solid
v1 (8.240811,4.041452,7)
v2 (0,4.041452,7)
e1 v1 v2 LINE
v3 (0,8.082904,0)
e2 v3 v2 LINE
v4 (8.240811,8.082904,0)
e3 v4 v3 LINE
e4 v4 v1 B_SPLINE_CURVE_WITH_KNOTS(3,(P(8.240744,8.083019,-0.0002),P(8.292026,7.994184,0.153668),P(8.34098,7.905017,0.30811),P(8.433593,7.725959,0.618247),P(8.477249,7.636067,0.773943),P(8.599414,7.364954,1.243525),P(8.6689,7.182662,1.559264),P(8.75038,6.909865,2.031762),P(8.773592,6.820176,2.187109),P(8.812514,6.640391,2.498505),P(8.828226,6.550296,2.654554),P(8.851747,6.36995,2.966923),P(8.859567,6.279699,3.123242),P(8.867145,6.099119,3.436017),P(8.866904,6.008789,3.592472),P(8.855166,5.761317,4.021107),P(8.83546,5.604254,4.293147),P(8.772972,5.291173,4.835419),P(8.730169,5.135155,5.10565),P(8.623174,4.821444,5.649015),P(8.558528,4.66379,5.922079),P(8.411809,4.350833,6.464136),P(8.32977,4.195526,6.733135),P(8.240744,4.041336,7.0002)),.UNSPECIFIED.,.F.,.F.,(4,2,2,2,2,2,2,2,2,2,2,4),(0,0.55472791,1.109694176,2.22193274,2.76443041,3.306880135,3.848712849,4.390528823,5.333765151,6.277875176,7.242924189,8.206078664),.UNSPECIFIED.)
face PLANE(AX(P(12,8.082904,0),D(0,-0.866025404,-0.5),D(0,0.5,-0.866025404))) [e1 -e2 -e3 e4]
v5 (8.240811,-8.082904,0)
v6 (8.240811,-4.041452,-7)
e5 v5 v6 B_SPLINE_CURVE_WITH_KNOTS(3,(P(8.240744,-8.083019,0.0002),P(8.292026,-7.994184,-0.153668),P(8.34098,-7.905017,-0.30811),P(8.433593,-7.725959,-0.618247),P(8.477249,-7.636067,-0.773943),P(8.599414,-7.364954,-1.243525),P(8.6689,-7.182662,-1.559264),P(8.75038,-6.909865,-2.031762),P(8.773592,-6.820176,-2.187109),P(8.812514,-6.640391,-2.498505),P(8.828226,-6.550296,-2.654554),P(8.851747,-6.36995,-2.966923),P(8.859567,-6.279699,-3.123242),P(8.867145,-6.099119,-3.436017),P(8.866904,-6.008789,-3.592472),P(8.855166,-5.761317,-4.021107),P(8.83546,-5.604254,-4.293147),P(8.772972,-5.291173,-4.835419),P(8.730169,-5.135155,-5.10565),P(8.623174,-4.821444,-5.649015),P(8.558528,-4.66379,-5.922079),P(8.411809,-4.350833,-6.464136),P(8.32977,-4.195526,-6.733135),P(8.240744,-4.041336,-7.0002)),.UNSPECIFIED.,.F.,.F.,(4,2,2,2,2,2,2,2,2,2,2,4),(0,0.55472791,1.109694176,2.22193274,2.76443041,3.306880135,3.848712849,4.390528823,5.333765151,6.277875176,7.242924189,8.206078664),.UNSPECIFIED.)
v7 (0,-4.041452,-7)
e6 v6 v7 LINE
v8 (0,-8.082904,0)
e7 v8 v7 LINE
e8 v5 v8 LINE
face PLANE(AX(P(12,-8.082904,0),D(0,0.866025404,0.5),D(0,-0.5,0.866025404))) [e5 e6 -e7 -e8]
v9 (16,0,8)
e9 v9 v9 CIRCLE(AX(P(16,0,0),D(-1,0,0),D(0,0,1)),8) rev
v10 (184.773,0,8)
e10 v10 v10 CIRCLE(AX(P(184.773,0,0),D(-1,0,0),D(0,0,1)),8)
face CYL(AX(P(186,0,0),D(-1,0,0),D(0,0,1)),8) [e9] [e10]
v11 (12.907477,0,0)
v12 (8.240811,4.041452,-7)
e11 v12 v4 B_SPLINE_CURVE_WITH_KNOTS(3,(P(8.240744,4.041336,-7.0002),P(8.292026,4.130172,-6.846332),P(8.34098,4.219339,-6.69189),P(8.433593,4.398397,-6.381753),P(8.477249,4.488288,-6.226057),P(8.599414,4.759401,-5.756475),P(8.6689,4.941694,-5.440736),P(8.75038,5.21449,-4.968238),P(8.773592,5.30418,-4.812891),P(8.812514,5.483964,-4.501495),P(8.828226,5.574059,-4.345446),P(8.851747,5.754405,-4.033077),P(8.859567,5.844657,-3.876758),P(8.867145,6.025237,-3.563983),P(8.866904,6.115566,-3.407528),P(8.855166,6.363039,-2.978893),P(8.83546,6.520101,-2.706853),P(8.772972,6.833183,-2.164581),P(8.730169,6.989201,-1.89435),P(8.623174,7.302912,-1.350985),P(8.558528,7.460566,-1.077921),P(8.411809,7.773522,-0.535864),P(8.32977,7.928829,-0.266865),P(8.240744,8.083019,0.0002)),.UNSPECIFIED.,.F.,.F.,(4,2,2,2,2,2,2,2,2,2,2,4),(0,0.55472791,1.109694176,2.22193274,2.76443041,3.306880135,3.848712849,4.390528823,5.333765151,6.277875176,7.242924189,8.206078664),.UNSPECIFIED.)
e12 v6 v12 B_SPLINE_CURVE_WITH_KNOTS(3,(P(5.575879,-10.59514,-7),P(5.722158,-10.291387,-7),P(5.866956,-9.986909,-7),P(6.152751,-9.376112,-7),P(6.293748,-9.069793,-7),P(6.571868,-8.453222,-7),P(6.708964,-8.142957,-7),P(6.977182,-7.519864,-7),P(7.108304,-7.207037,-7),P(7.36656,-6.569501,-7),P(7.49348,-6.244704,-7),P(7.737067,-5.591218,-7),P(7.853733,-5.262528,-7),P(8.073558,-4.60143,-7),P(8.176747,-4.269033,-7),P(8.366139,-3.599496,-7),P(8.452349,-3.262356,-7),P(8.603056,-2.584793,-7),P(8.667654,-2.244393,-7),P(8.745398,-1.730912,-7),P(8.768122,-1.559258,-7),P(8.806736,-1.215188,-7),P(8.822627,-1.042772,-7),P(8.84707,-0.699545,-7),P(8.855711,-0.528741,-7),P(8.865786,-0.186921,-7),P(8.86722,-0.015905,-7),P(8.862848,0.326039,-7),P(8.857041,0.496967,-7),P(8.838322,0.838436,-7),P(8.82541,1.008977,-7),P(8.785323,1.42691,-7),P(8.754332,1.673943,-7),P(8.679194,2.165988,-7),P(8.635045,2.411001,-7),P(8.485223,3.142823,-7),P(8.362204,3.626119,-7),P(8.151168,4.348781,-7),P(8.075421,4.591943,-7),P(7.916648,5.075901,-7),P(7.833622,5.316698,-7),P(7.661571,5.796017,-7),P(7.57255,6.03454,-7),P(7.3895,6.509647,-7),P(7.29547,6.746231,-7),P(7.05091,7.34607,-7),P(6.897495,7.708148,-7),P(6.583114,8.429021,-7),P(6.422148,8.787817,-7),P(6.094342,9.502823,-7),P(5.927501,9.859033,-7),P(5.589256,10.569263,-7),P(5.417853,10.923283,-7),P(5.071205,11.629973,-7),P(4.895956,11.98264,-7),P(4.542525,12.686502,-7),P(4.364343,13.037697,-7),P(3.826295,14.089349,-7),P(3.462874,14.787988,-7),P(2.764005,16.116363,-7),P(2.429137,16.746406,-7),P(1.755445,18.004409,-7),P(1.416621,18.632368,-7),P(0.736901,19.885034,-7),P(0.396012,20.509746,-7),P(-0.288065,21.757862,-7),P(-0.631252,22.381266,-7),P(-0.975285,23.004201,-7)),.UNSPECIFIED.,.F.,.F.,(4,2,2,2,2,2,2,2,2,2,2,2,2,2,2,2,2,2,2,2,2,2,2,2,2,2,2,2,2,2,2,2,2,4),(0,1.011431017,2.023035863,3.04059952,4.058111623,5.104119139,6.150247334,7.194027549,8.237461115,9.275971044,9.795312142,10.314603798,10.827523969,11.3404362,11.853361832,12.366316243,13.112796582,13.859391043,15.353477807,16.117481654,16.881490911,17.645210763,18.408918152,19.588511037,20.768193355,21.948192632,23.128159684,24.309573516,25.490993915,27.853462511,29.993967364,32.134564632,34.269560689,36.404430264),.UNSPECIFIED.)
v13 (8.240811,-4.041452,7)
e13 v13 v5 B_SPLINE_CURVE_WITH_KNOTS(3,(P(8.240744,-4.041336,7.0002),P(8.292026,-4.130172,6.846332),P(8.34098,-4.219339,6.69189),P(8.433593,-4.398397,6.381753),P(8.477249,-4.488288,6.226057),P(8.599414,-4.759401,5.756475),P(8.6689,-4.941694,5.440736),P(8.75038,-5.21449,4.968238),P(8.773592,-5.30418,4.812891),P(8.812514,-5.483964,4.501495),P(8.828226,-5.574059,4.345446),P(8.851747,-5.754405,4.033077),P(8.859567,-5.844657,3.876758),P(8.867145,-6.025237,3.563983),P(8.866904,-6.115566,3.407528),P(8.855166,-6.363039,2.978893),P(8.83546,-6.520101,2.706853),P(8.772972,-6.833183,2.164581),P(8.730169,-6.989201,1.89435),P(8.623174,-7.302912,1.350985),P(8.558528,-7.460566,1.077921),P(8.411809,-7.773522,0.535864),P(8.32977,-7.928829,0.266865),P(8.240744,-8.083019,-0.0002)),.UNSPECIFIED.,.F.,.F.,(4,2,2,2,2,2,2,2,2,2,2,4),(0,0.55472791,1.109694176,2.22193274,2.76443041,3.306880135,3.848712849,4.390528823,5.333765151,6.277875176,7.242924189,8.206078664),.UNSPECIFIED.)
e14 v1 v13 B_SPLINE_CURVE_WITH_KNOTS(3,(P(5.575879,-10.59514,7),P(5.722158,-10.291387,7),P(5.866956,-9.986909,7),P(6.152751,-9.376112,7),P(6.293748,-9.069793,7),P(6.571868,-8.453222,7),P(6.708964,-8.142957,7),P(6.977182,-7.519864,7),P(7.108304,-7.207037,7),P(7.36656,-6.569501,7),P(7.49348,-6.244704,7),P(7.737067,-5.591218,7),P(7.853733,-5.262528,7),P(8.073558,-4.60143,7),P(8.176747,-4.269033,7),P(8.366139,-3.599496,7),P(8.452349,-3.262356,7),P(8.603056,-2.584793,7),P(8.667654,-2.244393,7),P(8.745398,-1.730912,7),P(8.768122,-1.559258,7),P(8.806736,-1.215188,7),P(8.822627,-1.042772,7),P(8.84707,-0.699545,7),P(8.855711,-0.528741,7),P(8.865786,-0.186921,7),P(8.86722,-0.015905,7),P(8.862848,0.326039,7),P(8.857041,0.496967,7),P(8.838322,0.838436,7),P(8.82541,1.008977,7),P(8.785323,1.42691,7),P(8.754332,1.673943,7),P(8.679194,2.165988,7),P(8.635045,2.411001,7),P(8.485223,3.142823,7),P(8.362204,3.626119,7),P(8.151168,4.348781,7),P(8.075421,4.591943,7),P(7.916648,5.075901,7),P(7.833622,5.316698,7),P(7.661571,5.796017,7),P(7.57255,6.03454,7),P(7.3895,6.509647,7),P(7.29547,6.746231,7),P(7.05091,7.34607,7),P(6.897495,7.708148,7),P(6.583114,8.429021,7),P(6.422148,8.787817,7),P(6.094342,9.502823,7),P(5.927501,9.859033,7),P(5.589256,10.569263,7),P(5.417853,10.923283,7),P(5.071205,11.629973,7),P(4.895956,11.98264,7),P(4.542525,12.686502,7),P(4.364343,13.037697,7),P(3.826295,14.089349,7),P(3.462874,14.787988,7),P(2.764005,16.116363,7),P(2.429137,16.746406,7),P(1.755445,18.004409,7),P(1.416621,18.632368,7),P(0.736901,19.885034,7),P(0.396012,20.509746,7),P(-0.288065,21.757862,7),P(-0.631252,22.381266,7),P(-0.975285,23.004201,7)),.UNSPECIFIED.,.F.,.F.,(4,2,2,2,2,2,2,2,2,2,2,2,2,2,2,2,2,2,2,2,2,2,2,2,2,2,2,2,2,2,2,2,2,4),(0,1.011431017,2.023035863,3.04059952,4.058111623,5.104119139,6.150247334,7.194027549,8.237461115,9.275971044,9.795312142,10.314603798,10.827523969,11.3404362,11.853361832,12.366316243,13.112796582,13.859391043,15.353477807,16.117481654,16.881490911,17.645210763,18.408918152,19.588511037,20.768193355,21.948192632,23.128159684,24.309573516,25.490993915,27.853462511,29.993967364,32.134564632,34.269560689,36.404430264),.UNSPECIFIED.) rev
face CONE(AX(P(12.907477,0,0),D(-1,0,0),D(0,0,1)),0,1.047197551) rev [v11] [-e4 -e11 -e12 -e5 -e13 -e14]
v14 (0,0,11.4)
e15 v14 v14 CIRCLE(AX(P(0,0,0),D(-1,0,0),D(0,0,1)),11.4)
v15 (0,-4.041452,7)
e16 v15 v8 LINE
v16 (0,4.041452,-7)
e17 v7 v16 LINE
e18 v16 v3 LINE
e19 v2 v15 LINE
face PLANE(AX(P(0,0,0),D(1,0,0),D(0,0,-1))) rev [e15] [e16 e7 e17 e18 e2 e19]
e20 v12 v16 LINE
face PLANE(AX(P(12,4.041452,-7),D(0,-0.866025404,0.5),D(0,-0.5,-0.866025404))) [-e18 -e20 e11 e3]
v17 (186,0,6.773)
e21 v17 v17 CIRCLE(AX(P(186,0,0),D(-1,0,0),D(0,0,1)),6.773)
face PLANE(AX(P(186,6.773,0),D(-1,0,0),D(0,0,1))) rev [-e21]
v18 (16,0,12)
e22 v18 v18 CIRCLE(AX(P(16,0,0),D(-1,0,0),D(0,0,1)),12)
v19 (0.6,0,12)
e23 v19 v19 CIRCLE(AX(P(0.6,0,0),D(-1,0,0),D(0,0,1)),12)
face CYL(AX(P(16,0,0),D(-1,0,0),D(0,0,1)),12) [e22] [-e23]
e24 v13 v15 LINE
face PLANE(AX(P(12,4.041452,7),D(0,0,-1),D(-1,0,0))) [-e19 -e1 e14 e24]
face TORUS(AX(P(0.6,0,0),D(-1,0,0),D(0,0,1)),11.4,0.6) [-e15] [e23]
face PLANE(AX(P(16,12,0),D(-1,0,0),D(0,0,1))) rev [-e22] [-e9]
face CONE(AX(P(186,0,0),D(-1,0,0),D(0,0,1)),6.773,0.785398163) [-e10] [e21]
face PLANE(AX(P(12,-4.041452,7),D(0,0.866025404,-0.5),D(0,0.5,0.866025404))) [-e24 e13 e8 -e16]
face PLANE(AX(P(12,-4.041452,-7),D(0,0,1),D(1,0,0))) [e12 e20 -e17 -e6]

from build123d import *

# Parameters (mm, degrees)
SZKIC1_W                    = 16
SZKIC1_H                    = 12
SZKIC5_R                    = 9
DODANIE_WYCI_GNI_CIE1_DEPTH = 12


with BuildPart() as part:
    # Szkic1 → Obrót1 (revolve)
    with BuildSketch(Plane.XY):
        with Locations((8, 6)):
            Rectangle(SZKIC1_W, SZKIC1_H)
    revolve(axis=Axis((16, 0, 0), (-1, 0, 0)))

    # Szkic2 → Wycięcie-obrót1 (revolve, cut)
    with BuildSketch(Plane.XY):
        with BuildLine():
            Line((0, 12), (0, 11.4))
            ThreePointArc((0, 11.4), (0.175735931, 11.824264069), (0.6, 12))
            Line((0.6, 12), (0, 12))
        make_face()
    revolve(axis=Axis((16, 0, 0), (-1, 0, 0)), mode=Mode.SUBTRACT)

    # Szkic3 → Obrót2 (revolve)
    with BuildSketch(Plane.XY):
        Polygon((16, 0), (16, 8), (184.773, 8), (186, 6.773), (186, 0), align=None)
    revolve(axis=Axis((186, 0, 0), (-1, 0, 0)))

    # Szkic4 → Wycięcie-obrót2 (revolve, cut)
    with BuildSketch(Plane.XY):
        Polygon((0, 0), (0, 8.5), (8, 8.5), (12.907477288, 0), align=None)
    revolve(axis=Axis((12.907477288, 0, 0), (-1, 0, 0)), mode=Mode.SUBTRACT)

    # Szkic5 → Dodanie-wyciągnięcie1 (add)
    with BuildSketch(Plane(origin=(0, 0, 0), x_dir=(0, 0, -1), z_dir=(1, 0, 0))):
        Circle(SZKIC5_R)
        Polygon((-7, 4.041451884), (-7, -4.041451884), (0, -8.082903769), (7, -4.041451884), (7, 4.041451884), (0, 8.082903769), align=None, mode=Mode.SUBTRACT)
    extrude(amount=DODANIE_WYCI_GNI_CIE1_DEPTH)


solid = part.part
